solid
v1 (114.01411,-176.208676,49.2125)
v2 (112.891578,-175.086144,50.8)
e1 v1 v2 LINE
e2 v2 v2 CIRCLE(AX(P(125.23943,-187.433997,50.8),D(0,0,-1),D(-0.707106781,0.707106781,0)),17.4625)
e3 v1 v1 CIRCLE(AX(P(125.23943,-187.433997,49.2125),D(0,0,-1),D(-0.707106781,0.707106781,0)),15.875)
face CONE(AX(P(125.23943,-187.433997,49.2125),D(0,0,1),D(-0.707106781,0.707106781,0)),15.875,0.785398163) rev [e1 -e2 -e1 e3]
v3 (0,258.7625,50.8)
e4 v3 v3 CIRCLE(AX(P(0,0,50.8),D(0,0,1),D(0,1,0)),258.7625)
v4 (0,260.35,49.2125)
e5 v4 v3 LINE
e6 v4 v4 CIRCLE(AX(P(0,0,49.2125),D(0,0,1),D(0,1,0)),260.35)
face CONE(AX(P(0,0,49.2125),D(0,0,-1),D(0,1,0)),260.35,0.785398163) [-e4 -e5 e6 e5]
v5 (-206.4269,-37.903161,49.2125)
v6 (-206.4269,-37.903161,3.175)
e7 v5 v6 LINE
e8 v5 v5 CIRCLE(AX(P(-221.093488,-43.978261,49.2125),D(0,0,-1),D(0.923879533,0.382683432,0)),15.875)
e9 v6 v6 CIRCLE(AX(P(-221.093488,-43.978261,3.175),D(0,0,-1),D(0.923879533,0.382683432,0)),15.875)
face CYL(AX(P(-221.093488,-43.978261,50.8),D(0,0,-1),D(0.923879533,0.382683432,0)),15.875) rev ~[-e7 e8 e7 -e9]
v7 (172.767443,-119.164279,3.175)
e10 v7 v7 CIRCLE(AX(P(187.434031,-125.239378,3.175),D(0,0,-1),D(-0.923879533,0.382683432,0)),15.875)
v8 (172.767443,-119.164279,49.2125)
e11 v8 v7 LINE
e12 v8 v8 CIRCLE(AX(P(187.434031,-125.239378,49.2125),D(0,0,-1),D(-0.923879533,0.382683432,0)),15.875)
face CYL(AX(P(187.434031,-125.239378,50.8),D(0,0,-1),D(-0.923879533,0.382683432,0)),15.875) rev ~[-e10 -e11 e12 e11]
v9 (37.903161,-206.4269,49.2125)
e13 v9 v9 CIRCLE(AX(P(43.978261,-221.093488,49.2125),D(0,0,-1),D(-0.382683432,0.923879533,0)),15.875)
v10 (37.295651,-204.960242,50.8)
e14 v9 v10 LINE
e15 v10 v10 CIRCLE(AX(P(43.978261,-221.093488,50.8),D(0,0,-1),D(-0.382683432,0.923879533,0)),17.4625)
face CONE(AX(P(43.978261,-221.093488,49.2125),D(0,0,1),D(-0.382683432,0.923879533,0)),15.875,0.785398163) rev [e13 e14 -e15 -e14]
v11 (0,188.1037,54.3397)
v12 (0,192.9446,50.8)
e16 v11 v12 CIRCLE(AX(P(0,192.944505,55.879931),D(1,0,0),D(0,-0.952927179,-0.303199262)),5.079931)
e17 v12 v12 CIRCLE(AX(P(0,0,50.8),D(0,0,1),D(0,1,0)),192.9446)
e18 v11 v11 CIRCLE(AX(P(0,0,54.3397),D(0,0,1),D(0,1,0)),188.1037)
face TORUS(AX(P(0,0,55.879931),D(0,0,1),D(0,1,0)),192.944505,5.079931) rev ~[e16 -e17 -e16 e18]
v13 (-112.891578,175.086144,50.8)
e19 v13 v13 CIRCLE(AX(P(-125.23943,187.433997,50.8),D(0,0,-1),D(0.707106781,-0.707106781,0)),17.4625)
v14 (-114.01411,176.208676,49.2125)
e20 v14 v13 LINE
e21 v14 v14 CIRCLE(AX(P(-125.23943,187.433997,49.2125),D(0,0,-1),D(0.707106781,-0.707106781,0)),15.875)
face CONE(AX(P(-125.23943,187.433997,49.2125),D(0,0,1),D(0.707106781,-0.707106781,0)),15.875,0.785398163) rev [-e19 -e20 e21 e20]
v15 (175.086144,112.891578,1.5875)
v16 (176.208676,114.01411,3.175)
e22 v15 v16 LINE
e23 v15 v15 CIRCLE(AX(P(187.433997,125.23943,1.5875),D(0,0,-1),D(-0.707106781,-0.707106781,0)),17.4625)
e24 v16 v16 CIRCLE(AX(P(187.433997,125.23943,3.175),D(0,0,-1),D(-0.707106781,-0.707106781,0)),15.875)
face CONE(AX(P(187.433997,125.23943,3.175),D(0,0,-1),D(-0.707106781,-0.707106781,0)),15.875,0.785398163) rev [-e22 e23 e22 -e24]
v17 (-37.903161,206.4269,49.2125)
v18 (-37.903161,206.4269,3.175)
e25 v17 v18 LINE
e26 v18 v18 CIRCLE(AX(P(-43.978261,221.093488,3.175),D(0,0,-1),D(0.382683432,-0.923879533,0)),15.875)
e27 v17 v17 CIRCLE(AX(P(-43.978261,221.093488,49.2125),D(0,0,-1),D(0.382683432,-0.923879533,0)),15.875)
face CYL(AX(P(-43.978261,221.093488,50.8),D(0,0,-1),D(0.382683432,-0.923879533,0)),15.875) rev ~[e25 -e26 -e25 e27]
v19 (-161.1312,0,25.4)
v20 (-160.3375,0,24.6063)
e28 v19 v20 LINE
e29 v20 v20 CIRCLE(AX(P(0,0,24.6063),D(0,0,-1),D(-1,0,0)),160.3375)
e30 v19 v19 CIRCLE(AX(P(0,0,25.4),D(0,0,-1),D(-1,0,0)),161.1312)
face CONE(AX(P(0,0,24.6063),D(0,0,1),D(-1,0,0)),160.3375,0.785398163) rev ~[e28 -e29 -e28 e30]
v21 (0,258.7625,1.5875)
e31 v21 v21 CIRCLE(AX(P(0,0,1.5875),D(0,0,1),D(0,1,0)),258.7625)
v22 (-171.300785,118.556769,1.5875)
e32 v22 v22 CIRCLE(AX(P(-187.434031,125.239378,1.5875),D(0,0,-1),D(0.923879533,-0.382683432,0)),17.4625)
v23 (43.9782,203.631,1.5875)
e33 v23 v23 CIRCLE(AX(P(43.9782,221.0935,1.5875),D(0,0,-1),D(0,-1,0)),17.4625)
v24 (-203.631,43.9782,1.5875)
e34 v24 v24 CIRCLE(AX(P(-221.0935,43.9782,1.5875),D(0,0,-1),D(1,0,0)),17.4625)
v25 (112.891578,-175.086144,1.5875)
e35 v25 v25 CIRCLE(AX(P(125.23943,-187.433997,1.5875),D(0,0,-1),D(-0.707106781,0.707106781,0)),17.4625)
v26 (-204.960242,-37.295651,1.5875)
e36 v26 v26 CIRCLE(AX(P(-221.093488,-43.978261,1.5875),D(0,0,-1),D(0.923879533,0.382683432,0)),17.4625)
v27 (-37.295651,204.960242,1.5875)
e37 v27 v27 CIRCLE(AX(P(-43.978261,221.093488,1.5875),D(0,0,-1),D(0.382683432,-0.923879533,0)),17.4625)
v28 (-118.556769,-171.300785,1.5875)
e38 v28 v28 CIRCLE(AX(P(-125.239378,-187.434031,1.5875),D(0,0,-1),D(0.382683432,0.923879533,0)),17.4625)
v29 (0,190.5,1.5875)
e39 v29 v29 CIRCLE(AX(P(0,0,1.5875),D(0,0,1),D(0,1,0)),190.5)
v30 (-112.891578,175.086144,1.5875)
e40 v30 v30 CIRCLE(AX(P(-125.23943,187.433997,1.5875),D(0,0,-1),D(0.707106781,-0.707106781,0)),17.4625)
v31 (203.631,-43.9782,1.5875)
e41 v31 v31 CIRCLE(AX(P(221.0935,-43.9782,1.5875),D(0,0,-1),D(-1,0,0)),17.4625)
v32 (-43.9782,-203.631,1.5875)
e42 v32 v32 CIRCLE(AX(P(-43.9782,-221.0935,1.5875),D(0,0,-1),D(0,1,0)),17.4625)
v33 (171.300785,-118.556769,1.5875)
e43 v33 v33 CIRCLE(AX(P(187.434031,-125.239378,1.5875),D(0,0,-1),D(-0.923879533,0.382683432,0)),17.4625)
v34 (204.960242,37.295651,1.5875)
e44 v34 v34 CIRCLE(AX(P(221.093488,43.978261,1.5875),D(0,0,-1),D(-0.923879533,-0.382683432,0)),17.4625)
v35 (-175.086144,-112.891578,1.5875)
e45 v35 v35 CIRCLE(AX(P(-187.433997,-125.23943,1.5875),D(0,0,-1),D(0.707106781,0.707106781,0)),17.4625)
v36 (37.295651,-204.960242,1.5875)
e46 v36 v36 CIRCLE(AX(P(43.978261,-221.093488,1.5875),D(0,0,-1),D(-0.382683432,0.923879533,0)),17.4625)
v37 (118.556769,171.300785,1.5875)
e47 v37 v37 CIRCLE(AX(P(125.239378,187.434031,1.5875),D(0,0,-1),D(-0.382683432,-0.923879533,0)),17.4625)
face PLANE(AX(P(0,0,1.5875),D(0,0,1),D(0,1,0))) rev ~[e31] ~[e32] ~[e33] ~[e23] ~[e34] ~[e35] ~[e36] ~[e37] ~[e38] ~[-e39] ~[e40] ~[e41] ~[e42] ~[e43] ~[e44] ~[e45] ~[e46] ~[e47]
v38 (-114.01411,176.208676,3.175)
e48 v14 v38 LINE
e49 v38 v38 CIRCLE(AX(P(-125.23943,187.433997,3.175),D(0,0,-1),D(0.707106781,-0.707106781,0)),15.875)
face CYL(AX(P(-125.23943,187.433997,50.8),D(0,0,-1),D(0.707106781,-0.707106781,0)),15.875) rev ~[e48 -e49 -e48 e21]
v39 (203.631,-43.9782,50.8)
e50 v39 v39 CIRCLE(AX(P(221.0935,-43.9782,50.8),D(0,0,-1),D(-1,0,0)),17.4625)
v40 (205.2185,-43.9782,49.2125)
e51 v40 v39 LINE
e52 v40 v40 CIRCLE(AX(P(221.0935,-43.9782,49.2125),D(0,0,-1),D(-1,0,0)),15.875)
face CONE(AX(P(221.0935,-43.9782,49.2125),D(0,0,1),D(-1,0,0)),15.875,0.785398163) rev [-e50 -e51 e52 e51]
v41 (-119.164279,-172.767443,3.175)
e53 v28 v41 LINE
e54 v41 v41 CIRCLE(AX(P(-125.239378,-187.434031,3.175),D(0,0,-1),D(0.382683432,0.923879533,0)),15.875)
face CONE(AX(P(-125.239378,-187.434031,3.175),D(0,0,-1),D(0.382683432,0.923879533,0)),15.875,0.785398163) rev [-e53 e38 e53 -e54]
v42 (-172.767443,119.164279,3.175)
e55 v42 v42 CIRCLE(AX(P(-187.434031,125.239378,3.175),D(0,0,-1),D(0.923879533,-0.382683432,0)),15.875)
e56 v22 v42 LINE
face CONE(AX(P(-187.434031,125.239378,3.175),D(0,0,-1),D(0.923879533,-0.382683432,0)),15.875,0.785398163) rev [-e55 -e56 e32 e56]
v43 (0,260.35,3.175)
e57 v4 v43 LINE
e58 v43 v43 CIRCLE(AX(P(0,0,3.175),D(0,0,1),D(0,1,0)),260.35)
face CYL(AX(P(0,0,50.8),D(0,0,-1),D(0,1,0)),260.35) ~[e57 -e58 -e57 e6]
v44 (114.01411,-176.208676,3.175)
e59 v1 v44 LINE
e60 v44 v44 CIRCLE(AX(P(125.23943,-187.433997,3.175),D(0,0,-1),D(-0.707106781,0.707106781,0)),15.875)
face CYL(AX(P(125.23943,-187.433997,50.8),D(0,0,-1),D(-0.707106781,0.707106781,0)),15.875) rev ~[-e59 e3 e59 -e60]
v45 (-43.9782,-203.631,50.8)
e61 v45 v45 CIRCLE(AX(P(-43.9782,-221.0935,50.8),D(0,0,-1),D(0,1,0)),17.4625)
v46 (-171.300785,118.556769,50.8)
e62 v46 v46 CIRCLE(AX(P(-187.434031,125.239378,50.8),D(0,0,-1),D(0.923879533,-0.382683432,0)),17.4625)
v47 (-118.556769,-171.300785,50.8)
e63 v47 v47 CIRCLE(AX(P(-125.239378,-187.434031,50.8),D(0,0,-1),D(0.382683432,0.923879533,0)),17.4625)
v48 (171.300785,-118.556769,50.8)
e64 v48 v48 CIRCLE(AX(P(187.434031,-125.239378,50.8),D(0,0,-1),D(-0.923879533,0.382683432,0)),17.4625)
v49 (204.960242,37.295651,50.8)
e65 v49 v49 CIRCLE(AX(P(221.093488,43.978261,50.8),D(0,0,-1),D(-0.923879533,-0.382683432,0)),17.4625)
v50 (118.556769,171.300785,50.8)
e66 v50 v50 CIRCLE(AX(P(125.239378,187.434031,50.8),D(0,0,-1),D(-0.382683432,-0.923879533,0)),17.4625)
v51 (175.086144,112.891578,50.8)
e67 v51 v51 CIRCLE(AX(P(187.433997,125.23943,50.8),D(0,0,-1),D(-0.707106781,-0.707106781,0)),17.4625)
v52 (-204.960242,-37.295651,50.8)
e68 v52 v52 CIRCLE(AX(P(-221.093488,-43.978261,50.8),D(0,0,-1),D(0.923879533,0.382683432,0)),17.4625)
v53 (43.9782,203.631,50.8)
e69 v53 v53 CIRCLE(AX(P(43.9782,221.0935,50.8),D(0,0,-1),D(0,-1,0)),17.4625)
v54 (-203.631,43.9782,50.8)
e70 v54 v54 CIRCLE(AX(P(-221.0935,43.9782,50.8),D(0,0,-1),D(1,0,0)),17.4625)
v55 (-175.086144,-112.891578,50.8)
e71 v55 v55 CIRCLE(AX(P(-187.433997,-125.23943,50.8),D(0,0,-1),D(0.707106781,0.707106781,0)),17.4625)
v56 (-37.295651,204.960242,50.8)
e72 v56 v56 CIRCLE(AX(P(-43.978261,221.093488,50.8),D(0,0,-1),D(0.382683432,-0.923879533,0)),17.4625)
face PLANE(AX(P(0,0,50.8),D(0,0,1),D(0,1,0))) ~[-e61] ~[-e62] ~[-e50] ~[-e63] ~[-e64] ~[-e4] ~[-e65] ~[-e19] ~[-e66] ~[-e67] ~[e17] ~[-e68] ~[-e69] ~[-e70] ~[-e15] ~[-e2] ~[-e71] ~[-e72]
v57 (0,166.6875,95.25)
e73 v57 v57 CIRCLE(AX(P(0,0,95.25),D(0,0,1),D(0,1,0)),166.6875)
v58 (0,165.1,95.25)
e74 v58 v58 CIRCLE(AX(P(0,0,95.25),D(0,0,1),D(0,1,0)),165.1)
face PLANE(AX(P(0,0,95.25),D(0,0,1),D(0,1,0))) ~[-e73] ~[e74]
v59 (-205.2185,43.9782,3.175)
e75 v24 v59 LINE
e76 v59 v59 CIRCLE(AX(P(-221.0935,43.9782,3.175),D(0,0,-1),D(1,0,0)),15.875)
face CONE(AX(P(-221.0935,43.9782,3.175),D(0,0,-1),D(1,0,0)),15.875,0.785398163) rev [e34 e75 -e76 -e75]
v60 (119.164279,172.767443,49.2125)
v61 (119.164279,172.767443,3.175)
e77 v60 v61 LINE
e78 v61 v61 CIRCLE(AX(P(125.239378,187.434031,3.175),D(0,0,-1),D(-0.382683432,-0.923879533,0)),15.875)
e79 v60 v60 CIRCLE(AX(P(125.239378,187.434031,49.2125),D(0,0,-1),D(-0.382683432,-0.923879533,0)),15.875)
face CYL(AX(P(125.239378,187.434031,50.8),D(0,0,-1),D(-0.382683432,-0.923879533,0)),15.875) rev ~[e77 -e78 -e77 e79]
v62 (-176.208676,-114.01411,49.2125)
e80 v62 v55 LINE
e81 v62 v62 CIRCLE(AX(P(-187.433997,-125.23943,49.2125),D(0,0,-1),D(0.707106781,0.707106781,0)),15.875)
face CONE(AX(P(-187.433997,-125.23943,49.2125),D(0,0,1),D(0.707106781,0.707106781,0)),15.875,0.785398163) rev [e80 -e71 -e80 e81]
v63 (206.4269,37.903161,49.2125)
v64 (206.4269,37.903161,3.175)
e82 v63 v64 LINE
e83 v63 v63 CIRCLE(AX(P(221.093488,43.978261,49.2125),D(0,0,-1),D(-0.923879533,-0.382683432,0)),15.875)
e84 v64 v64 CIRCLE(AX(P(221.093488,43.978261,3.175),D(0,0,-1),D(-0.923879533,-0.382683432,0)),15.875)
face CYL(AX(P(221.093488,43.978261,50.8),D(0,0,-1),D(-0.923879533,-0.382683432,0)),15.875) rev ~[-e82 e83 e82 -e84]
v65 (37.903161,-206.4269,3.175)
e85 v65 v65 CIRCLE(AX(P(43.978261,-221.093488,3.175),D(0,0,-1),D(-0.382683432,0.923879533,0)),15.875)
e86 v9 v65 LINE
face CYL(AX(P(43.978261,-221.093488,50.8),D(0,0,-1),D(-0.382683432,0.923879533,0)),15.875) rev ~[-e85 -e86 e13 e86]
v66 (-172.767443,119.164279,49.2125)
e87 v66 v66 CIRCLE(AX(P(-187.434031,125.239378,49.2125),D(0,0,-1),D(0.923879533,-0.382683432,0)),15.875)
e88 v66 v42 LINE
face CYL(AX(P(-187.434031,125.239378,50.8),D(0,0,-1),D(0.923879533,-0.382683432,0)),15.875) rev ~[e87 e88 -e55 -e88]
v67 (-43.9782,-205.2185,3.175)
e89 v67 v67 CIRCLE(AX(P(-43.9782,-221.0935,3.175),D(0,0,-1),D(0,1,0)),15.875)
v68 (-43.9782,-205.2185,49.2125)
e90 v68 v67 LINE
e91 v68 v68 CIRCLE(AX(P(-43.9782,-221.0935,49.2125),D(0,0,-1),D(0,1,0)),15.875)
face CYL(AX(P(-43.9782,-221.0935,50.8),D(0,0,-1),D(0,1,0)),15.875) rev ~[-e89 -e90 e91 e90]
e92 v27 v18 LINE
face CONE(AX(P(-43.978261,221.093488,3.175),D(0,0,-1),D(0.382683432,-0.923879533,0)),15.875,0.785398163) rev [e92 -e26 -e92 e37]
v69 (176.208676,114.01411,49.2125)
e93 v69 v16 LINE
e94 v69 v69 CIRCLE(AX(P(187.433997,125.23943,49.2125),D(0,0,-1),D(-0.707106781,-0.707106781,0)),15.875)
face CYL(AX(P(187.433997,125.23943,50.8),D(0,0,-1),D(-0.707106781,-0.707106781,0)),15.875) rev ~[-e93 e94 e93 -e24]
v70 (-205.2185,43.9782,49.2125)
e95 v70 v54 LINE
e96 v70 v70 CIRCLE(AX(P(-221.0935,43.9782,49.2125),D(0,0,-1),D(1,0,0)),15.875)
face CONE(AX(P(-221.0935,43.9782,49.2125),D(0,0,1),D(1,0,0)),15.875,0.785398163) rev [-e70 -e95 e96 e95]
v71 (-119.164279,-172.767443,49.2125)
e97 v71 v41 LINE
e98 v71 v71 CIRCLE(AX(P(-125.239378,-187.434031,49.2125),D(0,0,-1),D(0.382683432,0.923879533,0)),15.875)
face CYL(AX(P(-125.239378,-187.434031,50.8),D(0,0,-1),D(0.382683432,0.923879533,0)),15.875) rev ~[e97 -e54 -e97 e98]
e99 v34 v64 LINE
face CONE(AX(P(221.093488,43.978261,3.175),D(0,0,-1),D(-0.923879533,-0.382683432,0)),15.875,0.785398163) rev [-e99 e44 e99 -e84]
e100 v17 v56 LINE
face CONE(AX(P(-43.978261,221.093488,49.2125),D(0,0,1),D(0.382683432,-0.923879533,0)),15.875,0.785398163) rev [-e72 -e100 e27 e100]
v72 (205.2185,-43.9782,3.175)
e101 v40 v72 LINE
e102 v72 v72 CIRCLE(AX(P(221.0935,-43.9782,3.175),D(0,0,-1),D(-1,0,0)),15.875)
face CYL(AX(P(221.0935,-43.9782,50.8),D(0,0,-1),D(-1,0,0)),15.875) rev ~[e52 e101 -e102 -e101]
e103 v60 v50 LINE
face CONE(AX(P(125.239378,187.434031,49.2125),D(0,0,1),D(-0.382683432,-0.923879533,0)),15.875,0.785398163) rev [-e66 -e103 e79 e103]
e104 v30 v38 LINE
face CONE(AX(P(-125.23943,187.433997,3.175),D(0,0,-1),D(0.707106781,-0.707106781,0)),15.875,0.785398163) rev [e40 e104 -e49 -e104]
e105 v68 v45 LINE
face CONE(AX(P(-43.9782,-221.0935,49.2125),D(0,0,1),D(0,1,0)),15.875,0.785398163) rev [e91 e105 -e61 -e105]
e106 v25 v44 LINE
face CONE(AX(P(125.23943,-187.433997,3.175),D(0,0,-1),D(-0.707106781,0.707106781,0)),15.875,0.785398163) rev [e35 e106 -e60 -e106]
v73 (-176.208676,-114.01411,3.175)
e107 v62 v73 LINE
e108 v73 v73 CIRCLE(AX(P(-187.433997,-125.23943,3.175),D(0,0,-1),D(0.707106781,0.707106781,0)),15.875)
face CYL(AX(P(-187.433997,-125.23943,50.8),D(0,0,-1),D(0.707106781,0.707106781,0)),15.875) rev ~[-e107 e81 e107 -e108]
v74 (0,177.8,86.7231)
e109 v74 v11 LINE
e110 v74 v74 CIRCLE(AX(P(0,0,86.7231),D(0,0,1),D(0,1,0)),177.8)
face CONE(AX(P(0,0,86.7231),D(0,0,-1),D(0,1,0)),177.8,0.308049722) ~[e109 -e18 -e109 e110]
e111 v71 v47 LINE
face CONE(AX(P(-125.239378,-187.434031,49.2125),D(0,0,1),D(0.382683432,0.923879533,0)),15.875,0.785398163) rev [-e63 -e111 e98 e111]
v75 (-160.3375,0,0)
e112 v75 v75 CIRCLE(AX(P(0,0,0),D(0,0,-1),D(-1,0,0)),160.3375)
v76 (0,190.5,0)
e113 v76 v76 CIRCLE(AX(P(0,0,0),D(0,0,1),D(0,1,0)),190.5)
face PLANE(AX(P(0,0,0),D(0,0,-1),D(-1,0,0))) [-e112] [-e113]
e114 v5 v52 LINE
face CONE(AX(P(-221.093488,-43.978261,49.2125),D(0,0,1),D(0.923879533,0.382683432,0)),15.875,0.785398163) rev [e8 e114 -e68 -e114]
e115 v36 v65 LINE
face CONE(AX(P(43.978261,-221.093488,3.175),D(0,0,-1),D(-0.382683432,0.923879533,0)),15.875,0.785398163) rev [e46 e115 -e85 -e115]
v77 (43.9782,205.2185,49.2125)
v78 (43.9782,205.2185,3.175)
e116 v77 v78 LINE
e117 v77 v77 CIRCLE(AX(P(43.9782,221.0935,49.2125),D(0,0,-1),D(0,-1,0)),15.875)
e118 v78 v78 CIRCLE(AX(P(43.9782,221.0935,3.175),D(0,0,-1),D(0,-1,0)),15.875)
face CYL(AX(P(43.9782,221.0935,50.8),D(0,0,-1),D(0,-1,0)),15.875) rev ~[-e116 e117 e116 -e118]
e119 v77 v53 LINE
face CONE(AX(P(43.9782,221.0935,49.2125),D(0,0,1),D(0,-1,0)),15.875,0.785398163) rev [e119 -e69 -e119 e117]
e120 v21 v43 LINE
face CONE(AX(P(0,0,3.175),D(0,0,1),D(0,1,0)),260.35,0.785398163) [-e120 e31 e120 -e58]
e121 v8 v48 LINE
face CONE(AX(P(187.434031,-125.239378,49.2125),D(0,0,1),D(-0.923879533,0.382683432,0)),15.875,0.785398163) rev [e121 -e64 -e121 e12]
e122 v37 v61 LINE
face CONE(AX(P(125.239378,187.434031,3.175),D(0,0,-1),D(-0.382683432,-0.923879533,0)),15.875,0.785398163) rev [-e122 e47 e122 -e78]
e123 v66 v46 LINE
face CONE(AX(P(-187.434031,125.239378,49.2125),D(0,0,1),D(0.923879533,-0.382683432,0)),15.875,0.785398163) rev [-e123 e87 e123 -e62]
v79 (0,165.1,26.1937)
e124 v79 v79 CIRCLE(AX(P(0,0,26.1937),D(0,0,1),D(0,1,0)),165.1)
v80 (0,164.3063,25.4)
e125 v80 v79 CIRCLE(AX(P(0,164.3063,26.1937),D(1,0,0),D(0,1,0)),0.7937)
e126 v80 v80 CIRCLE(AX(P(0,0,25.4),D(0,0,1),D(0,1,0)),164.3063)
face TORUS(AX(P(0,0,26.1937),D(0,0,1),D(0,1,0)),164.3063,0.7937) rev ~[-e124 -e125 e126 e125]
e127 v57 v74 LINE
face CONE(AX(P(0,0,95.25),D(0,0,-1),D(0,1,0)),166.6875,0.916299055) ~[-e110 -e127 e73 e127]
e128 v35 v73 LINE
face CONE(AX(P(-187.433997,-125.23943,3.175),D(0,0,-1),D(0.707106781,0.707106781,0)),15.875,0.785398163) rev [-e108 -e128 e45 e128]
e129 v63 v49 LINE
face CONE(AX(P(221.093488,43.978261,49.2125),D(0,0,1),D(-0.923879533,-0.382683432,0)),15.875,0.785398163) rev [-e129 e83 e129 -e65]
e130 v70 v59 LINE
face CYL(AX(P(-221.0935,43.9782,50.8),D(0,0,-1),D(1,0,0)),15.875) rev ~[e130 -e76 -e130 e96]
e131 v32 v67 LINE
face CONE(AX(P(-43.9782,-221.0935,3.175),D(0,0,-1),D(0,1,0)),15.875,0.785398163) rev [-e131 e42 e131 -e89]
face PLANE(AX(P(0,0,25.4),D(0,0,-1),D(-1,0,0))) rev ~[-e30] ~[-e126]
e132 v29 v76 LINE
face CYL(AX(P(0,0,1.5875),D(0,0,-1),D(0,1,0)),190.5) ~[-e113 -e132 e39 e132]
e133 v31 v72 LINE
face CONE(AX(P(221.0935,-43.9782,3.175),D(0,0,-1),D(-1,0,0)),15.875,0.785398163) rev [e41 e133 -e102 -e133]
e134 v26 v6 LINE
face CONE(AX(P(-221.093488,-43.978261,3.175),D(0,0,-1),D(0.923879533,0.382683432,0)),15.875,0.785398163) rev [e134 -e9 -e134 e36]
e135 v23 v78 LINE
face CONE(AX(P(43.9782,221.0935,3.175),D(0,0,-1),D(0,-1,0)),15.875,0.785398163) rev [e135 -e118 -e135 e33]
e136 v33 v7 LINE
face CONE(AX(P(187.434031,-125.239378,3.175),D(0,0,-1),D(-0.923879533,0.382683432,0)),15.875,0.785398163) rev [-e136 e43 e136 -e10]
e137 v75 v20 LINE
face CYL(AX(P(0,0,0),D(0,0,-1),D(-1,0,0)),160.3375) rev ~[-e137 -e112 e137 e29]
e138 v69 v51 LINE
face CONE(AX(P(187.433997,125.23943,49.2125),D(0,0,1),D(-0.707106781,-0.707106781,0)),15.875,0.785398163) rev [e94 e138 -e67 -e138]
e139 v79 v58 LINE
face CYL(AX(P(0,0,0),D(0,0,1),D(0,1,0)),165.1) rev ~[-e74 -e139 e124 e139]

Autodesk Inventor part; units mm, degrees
ref_plane "YZ Plane" through (0, 0, 0) normal (1, 0, 0) x (0, 1, 0)
ref_plane "XZ Plane" through (0, 0, 0) normal (0, 1, 0) x (-1, 0, 0)
ref_plane "XY Plane" through (0, 0, 0) normal (0, 0, 1) x (1, 0, 0)
sketch "Sketch1" plane through (0, 0, 0) normal (1, 0, 0) x (0, 1, 0)
  line L0 (0, 0) -> (0, 95.25)
  line L1 (190.5, 0) -> (165.1, 0)
  line L2 (165.1, 0) -> (165.1, 95.25)
  line L3 (165.1, 95.25) -> (166.6875, 95.25)
  line L4 (166.6875, 95.25) -> (177.8, 86.7231)
  line L5 (177.8, 86.7231) -> (188.1037, 54.3397)
  arc A0 (188.1037, 54.3397) -> (192.9446, 50.8) centre (192.9446, 55.88) ccw
  line L6 (192.9446, 50.8) -> (260.35, 50.8)
  line L7 (260.35, 50.8) -> (260.35, 1.5875)
  line L8 (260.35, 1.5875) -> (190.5, 1.5875)
  line L9 (190.5, 1.5875) -> (190.5, 0)
  point P0 (189.23, 50.8)
  dimension "d0" = 95.25
  dimension "d1" = 520.7
  dimension "d2" = 50.8
  dimension "d3" = 381
  dimension "d4" = 1.5875
  dimension "d5" = 355.6
  dimension "d6" = 330.2
  dimension "d7" = 378.46
  dimension "d8" = 37.5
  dimension "d9" = 11.1125
  dimension "d10" = 5.08
revolve "Revolution1" add sketch "Sketch1" angle 360 about axis through (0, 0, 0) along (0, 0, 1)
sketch "Sketch2" plane through (0, 0, 50.8) normal (0, 0, 1) x (1, 0, 0)
  line L0 (0, -364.49) -> (0, 364.49) construction
  line L1 (-43.9782, -221.0935) -> (43.9782, 221.0935) construction
  point P0 (0, 0)
  dimension "d12" = 450.85
  dimension "d13" = 11.25
hole "Hole1" at (43.9782, 221.0935, 50.8) direction (0, 0, -1) diameter 31.75 end through all
chamfer "Chamfer1" distance 1.5875 angle 45 2 edges at (43.9782, 236.9685, 50.8) (43.9782, 236.9685, 1.5875)
pattern_circular "Circular Pattern1" count 16 over 360 about axis through (0, 0, -10) along (0, 0, 1) of "Hole1", "Chamfer1"
chamfer "Chamfer2" distance 1.5875 angle 45 2 edges at (0, -260.35, 50.8) (0, -260.35, 1.5875)
sketch "Sketch3" plane through (0, 0, 0) normal (0, 0, -1) x (-1, 0, 0)
  circle A0 centre (0, 0) radius 165.1 projected
  circle A1 centre (0, 0) radius 160.3375
  dimension "d30" = 320.675
extrude "Extrusion1" add sketch "Sketch3" against normal blind 25.4
fillet "Fillet1" radius 0.7937 1 edges at (0, -165.1, 25.4)
chamfer "Chamfer3" distance 0.7937 angle 45 1 edges at (160.3375, 0, 25.4)
equation "\"d0\" = Length"
equation "\"d1\" = OutsideDiameter"
equation "\"d2\" = Thickness"
equation "\"d3\" = RFDiameter"
equation "\"d4\" = RFThickness"
equation "\"d5\" = CasingDiameter"
equation "\"d6\" = Bore"
equation "\"d7\" = HubDiameter"
equation "\"d8\" = WeldBevelAngle"
equation "\"d9\" = WeldBevelSize"
equation "\"d10\" = HubRadius"
equation "\"d12\" = BCD"
equation "\"d14\" = HoleDiameter"
equation "\"d21\" = HoleChamfer"
equation "\"d27\" = RimChamfer"
equation "\"OutsideDiameter\" = 520.7"
equation "\"Thickness\" = 50.8"
equation "\"Length\" = 95.25"
equation "\"RFDiameter\" = 381"
equation "\"CasingDiameter\" = 355.6"
equation "\"Bore\" = 330.2"
equation "\"HoleDiameter\" = 31.75"
equation "\"BCD\" = 450.85"
equation "\"RFThickness\" = 1.5875"
equation "\"WeldBevelAngle\" = 37.5deg"
equation "\"HubDiameter\" = 378.46"
equation "\"HoleChamfer\" = 1.5875"
equation "\"RimChamfer\" = 1.5875"
equation "\"HubRadius\" = 5.08"
equation "\"WeldBevelSize\" = 11.1125"
properties part number "A1-19027-400-06 Alco flange - 12in CL300" material "Steel, Mild"
